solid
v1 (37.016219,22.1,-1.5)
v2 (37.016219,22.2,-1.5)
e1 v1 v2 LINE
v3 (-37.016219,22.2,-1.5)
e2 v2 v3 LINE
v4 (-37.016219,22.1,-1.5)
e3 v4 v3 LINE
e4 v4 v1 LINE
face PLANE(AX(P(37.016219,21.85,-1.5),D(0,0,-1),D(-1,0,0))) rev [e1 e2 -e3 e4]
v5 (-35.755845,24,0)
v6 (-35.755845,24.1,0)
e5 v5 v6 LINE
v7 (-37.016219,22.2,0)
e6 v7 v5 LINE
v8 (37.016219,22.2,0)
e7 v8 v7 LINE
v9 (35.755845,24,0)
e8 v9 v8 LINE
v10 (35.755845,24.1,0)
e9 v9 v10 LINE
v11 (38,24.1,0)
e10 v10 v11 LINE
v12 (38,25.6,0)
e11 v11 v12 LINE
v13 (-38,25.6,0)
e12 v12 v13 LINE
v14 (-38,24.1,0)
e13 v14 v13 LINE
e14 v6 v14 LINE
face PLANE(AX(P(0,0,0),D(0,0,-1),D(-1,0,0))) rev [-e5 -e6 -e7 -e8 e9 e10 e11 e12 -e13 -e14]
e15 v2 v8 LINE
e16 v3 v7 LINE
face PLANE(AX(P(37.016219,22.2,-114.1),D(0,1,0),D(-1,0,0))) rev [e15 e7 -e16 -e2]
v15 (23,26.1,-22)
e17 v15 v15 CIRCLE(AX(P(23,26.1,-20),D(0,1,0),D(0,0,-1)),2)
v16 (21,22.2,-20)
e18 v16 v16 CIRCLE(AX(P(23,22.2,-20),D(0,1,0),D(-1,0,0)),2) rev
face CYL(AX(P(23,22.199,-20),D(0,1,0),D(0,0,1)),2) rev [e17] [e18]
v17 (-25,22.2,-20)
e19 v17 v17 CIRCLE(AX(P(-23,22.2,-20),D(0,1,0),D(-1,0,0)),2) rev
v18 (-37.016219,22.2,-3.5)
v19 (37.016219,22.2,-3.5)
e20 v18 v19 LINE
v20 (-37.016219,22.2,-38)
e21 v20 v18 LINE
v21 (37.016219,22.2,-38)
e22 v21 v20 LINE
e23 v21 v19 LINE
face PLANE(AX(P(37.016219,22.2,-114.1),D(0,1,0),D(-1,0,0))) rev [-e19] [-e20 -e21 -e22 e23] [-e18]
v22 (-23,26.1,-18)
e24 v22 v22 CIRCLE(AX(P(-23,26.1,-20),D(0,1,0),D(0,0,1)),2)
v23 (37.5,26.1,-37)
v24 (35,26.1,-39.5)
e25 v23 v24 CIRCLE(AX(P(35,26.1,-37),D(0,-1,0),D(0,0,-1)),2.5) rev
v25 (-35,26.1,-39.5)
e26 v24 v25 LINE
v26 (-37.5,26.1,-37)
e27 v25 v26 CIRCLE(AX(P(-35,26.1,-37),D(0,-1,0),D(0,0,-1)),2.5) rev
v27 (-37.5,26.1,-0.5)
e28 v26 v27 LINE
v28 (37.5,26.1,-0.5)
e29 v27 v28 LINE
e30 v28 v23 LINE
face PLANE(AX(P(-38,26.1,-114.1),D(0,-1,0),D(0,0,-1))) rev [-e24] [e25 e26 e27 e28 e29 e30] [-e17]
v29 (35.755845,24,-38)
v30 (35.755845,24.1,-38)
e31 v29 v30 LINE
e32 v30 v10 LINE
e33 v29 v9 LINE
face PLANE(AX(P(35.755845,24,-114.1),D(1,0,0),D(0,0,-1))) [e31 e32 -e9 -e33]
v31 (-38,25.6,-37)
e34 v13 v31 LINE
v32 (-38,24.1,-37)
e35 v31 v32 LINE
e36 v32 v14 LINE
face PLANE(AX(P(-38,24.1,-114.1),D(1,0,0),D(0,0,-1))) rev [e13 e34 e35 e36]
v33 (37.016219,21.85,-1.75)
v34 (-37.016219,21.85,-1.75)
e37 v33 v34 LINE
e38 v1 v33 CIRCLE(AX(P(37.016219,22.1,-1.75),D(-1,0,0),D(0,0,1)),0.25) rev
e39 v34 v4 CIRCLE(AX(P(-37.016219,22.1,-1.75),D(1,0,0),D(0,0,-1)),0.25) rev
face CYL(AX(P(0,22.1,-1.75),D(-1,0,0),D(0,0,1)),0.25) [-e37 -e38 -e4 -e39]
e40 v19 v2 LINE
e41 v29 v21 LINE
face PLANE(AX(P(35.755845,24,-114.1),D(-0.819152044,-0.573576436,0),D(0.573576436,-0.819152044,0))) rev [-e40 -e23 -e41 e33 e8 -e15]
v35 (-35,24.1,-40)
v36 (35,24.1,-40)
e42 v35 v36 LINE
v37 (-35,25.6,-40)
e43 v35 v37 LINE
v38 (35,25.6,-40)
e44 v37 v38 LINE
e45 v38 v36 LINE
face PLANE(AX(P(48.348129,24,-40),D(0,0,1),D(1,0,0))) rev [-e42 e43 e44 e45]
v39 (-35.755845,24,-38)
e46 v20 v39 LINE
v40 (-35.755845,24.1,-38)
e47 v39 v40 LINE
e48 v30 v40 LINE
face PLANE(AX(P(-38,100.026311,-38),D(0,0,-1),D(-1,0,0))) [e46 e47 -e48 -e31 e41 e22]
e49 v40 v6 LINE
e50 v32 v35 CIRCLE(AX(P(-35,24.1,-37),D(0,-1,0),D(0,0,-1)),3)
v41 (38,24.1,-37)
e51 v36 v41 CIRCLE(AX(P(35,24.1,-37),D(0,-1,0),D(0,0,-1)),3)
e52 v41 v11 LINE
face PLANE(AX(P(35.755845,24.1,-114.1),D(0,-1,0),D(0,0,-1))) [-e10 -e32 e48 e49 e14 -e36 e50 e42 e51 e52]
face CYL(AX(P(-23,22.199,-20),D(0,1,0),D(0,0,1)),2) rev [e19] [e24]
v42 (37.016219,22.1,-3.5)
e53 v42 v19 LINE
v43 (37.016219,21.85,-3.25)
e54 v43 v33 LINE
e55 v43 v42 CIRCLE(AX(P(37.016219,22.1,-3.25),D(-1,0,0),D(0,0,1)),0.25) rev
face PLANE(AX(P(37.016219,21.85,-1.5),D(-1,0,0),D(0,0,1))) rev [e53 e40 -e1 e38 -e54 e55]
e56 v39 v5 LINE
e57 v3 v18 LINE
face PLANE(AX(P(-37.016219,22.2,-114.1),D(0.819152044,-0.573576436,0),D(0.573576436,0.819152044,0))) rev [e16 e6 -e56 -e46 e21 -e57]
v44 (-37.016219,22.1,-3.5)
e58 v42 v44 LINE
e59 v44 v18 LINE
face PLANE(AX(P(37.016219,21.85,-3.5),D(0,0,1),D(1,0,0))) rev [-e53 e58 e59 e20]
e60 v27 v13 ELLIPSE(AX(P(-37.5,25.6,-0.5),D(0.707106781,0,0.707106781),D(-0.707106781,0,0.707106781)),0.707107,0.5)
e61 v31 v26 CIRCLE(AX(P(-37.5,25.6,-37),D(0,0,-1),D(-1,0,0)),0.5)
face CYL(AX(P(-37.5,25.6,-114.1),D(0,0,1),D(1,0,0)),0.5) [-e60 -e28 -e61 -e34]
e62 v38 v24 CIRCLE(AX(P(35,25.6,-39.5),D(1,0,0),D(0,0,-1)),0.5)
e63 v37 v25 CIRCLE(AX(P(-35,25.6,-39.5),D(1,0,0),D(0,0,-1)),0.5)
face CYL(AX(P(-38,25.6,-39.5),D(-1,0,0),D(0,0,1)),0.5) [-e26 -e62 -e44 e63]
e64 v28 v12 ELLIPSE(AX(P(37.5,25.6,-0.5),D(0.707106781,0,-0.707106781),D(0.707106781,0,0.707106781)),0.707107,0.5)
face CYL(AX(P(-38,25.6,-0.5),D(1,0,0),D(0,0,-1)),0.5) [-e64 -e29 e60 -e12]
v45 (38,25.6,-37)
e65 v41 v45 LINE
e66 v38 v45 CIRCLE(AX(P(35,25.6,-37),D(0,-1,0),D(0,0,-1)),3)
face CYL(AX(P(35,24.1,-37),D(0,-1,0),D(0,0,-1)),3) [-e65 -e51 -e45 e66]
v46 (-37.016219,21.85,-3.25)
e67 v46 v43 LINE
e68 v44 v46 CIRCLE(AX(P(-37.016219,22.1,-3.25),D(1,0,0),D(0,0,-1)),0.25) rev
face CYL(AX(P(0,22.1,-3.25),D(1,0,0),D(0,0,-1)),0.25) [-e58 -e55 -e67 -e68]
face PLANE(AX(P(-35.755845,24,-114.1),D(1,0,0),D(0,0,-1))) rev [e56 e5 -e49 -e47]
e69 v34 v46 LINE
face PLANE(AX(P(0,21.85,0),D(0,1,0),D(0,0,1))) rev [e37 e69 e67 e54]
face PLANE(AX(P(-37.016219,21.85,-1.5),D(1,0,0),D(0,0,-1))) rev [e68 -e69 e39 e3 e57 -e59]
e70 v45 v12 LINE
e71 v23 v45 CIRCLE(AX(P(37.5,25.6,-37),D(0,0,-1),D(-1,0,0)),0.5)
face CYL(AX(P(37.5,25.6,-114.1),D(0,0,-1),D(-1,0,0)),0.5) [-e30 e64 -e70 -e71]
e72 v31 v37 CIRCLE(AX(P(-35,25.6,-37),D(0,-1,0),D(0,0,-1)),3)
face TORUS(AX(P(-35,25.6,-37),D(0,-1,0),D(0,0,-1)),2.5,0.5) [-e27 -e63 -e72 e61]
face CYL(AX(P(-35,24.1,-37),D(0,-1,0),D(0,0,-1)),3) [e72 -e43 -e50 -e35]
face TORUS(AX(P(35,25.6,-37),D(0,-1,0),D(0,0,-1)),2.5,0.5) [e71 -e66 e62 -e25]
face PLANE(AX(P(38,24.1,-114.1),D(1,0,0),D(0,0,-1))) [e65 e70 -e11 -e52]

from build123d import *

# Parameters (mm, degrees)
BOSS_EXTRUDE1_DEPTH = 38
SKETCH2_W           = 76
SKETCH2_H           = 2
BOSS_EXTRUDE2_DEPTH = 2
FILLET1_R           = 3
FILLET2_R           = 0.5
CUT_EXTRUDE1_REACH  = 57.31
SKETCH3_R           = 2
SKETCH4_W           = 74.032437302
SKETCH4_H           = 2
BOSS_EXTRUDE3_DEPTH = 0.35
FILLET3_R           = 0.25


with BuildPart() as part:
    # Sketch1 → Boss-Extrude1 (new body)
    with BuildSketch(Plane.XY):
        Polygon((35.755845082, 24), (37.016218651, 22.2), (-37.016218651, 22.2), (-35.755845082, 24), (-35.755845082, 24.1), (-38, 24.1), (-38, 26.1), (38, 26.1), (38, 24.1), (35.755845082, 24.1), align=None)
    extrude(amount=-BOSS_EXTRUDE1_DEPTH)

    # Sketch2 → Boss-Extrude2 (add)
    with BuildSketch(Plane(origin=(0, 0, -38), x_dir=(-1, 0, 0), z_dir=(0, 0, -1))):
        with Locations((0, 25.1)):
            Rectangle(SKETCH2_W, SKETCH2_H)
    extrude(amount=BOSS_EXTRUDE2_DEPTH)

    # Fillet1
    fillet1_edges = [part.edges().sort_by_distance(p)[0] for p in [
        (-38, 25.1, -40),
        (38, 25.1, -40),
    ]]
    fillet(fillet1_edges, radius=FILLET1_R)

    # Fillet2
    fillet2_edges = [part.edges().sort_by_distance(p)[0] for p in [
        (0, 26.1, 0),
        (-38, 26.1, -18.5),
        (0, 26.1, -40),
        (38, 26.1, -18.5),
        (37.121320344, 26.1, -39.121320344),
        (-37.121320344, 26.1, -39.121320344),
    ]]
    fillet(fillet2_edges, radius=FILLET2_R)

    # Sketch3 → Cut-Extrude1 (cut, up to next)
    with BuildSketch(Plane(origin=(0, 26.1, 0), x_dir=(1, 0, 0), z_dir=(0, 1, 0)), mode=Mode.PRIVATE) as cut_extrude1_sk1:
        with Locations(Location((-23, 20, 0), (0, 0, 270))):
            Circle(SKETCH3_R)
    cut_extrude1_tool1 = extrude(cut_extrude1_sk1.sketch, amount=-CUT_EXTRUDE1_REACH, mode=Mode.PRIVATE) & part.part
    # Sketch3 → Cut-Extrude1 (cut, up to next)
    with BuildSketch(Plane(origin=(0, 26.1, 0), x_dir=(1, 0, 0), z_dir=(0, 1, 0)), mode=Mode.PRIVATE) as cut_extrude1_sk2:
        with Locations(Location((23, 20, 0), (0, 0, 180))):
            Circle(SKETCH3_R)
    cut_extrude1_tool2 = extrude(cut_extrude1_sk2.sketch, amount=-CUT_EXTRUDE1_REACH, mode=Mode.PRIVATE) & part.part
    add(cut_extrude1_tool1.solids().sort_by_distance((-23, 26.1, -20))[0], mode=Mode.SUBTRACT)
    add(cut_extrude1_tool2.solids().sort_by_distance((23, 26.1, -20))[0], mode=Mode.SUBTRACT)

    # Sketch4 → Boss-Extrude3 (add)
    with BuildSketch(Plane.XZ.offset(-22.2)):
        with Locations((0, -2.5)):
            Rectangle(SKETCH4_W, SKETCH4_H)
    extrude(amount=BOSS_EXTRUDE3_DEPTH)

    # Fillet3
    fillet3_edges = [part.edges().sort_by_distance(p)[0] for p in [
        (0, 21.85, -1.5),
        (0, 21.85, -3.5),
    ]]
    fillet(fillet3_edges, radius=FILLET3_R)


solid = part.part
